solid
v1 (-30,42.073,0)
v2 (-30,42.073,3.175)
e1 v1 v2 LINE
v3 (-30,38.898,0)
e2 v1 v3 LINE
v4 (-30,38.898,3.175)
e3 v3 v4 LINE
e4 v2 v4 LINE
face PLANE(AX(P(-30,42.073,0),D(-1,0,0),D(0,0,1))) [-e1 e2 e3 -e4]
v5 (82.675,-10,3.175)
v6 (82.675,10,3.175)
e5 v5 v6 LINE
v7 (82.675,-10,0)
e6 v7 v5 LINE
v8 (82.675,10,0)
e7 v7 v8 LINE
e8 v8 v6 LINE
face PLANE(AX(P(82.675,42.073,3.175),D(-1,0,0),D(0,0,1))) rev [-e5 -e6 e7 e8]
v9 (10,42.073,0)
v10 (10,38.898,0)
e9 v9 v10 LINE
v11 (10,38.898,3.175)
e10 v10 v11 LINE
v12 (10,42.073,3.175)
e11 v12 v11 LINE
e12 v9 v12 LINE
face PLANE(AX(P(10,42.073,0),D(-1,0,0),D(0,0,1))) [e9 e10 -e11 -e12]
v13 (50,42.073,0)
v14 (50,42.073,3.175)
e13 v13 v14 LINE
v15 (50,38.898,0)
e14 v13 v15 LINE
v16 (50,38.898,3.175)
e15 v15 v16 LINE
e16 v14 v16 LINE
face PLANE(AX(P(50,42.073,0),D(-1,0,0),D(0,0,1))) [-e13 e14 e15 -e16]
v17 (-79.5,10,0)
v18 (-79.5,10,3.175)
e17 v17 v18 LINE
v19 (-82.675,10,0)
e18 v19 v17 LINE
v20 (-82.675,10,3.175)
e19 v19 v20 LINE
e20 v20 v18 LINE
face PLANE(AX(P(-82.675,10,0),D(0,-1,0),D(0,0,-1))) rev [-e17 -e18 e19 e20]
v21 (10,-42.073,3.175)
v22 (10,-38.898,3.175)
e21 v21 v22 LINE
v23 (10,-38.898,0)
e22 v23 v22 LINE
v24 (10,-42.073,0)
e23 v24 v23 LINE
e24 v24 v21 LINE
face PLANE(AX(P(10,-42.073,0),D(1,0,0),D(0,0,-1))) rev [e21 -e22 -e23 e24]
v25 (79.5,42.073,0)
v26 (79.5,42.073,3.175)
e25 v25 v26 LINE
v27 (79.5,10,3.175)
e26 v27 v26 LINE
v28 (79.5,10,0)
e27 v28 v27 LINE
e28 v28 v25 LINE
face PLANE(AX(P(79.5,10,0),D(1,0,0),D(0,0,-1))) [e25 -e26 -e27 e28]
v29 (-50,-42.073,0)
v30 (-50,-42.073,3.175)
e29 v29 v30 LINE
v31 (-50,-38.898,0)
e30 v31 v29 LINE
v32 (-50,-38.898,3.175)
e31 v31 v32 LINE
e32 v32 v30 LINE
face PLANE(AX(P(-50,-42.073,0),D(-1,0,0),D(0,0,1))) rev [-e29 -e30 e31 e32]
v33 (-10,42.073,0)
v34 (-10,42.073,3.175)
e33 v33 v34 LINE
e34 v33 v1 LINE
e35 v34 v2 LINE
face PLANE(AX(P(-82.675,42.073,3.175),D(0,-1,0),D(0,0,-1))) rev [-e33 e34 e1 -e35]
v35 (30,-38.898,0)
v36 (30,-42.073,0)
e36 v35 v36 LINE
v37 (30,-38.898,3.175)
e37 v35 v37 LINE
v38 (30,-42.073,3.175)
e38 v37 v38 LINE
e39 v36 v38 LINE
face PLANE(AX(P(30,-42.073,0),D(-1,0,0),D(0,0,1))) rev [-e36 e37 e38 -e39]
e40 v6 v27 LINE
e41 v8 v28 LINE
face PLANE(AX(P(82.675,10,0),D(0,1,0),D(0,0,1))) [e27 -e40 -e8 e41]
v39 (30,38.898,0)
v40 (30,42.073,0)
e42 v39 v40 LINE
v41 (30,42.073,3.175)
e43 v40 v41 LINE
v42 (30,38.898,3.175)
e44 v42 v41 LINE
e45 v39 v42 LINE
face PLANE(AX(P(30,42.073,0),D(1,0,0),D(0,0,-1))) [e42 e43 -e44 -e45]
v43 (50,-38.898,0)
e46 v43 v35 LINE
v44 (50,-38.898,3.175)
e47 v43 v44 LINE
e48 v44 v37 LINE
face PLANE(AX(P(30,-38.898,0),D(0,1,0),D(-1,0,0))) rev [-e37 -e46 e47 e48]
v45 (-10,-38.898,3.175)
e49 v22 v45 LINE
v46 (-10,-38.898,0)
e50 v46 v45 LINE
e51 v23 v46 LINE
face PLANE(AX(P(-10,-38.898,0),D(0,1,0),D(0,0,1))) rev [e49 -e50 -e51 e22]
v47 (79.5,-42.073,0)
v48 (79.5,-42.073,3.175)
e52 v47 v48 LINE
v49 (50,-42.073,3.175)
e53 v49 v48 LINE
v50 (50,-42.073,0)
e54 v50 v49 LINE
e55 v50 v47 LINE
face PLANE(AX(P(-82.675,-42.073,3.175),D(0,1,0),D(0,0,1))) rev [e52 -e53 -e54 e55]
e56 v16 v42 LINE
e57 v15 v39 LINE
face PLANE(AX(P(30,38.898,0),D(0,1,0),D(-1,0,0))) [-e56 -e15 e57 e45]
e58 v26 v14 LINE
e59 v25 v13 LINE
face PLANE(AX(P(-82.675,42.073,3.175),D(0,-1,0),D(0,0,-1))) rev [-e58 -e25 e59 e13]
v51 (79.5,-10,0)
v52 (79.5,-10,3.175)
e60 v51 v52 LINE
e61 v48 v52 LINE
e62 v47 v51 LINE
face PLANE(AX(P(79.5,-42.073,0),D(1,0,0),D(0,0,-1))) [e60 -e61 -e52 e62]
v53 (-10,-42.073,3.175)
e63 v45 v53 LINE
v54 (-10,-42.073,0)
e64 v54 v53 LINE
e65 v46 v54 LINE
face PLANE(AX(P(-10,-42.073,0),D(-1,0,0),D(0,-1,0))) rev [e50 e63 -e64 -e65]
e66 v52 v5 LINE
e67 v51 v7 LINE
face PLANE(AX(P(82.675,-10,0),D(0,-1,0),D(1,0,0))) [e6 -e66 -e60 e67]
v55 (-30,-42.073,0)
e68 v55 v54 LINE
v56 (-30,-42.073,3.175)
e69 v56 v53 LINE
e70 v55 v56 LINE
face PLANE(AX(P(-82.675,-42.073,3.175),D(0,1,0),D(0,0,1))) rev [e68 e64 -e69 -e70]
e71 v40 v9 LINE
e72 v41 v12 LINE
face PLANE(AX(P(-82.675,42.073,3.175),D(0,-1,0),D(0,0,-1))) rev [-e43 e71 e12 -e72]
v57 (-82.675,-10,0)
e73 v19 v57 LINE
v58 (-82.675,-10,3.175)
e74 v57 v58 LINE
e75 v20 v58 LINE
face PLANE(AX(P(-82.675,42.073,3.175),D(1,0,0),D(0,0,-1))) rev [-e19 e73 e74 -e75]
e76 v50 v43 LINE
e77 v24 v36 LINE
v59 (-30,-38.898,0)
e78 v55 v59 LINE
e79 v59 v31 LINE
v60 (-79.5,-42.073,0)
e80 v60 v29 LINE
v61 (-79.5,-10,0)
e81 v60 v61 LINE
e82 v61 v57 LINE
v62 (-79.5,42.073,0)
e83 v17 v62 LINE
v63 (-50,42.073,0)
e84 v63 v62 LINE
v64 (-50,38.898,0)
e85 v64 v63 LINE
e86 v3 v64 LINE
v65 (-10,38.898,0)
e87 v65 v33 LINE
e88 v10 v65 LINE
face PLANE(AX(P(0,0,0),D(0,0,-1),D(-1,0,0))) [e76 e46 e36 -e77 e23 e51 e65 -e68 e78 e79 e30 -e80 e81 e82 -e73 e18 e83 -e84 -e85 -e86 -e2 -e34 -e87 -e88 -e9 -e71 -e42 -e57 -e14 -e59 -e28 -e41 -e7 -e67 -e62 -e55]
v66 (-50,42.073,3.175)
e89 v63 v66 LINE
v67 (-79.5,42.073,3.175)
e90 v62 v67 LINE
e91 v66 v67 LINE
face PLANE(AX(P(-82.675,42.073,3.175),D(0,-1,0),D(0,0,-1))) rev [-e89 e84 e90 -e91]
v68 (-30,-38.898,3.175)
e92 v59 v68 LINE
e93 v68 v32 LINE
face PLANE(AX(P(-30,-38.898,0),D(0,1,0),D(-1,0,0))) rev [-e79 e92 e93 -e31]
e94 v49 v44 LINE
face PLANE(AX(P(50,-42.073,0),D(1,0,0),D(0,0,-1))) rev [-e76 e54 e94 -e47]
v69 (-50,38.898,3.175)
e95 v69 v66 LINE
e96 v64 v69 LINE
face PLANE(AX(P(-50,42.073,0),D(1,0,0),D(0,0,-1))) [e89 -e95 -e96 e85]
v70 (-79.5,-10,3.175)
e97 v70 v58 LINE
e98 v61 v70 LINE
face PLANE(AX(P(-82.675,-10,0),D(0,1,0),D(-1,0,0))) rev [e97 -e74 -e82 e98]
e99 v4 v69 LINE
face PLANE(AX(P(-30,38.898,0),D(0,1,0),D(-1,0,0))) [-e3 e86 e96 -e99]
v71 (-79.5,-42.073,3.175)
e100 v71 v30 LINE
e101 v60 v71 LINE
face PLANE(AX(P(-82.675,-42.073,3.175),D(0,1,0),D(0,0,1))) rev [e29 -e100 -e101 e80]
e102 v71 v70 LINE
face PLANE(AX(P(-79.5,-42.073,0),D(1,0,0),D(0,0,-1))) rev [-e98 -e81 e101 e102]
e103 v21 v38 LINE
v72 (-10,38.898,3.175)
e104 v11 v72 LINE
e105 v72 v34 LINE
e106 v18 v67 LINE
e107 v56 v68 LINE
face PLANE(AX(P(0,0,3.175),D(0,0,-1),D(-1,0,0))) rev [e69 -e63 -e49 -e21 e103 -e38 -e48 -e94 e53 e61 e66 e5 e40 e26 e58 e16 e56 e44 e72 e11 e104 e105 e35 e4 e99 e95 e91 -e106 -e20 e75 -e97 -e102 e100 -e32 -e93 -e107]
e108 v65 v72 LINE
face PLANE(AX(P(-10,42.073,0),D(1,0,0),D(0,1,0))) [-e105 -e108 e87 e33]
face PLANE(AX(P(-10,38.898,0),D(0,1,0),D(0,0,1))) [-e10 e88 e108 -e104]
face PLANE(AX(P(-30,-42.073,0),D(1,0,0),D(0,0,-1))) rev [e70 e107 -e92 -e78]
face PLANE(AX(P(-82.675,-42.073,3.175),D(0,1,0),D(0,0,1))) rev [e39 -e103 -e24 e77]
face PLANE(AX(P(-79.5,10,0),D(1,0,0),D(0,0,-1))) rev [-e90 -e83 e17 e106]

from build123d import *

# Parameters (mm, degrees)
ESQUISSE1_W             = 165.35
ESQUISSE1_H             = 84.146
BOSS_EXTRU_1_DEPTH      = 3.175
ESQUISSE2_W             = 3.175
ESQUISSE2_H             = 32.073
ENL_V_MAT_EXTRU_1_DEPTH = 93.819036727
ESQUISSE3_W             = 20
ESQUISSE3_H             = 3.175
ENL_V_MAT_EXTRU_2_DEPTH = 93.819036727


with BuildPart() as part:
    # Esquisse1 → Boss.-Extru.1 (new body)
    with BuildSketch(Plane.XY):
        Rectangle(ESQUISSE1_W, ESQUISSE1_H)
    extrude(amount=BOSS_EXTRU_1_DEPTH)

    # Esquisse2 → Enlèv. mat.-Extru.1 (cut, through all)
    with BuildSketch(Plane.XY.offset(3.175)):
        with Locations((-81.0875, -26.0365)):
            Rectangle(ESQUISSE2_W, ESQUISSE2_H)
        with Locations((-81.0875, 26.0365)):
            Rectangle(ESQUISSE2_W, ESQUISSE2_H)
    enl_v_mat_extru_1 = extrude(amount=-ENL_V_MAT_EXTRU_1_DEPTH, mode=Mode.SUBTRACT)

    # Symétrie1: Enlèv. mat.-Extru.1 across plane
    add(enl_v_mat_extru_1.mirror(Plane(origin=(0, 0, 0), x_dir=(0, 0, 1), z_dir=(1, 0, 0))), mode=Mode.SUBTRACT)

    # Esquisse3 → Enlèv. mat.-Extru.2 (cut, through all)
    with BuildSketch(Plane.XY.offset(3.175)):
        with Locations((0, -40.4855)):
            Rectangle(ESQUISSE3_W, ESQUISSE3_H)
        with Locations((40, -40.4855)):
            Rectangle(ESQUISSE3_W, ESQUISSE3_H)
        with Locations((-40, -40.4855)):
            Rectangle(ESQUISSE3_W, ESQUISSE3_H)
    enl_v_mat_extru_2 = extrude(amount=-ENL_V_MAT_EXTRU_2_DEPTH, mode=Mode.SUBTRACT)

    # Symétrie2: Enlèv. mat.-Extru.2 across plane
    add(enl_v_mat_extru_2.mirror(Plane.ZX), mode=Mode.SUBTRACT)


solid = part.part
